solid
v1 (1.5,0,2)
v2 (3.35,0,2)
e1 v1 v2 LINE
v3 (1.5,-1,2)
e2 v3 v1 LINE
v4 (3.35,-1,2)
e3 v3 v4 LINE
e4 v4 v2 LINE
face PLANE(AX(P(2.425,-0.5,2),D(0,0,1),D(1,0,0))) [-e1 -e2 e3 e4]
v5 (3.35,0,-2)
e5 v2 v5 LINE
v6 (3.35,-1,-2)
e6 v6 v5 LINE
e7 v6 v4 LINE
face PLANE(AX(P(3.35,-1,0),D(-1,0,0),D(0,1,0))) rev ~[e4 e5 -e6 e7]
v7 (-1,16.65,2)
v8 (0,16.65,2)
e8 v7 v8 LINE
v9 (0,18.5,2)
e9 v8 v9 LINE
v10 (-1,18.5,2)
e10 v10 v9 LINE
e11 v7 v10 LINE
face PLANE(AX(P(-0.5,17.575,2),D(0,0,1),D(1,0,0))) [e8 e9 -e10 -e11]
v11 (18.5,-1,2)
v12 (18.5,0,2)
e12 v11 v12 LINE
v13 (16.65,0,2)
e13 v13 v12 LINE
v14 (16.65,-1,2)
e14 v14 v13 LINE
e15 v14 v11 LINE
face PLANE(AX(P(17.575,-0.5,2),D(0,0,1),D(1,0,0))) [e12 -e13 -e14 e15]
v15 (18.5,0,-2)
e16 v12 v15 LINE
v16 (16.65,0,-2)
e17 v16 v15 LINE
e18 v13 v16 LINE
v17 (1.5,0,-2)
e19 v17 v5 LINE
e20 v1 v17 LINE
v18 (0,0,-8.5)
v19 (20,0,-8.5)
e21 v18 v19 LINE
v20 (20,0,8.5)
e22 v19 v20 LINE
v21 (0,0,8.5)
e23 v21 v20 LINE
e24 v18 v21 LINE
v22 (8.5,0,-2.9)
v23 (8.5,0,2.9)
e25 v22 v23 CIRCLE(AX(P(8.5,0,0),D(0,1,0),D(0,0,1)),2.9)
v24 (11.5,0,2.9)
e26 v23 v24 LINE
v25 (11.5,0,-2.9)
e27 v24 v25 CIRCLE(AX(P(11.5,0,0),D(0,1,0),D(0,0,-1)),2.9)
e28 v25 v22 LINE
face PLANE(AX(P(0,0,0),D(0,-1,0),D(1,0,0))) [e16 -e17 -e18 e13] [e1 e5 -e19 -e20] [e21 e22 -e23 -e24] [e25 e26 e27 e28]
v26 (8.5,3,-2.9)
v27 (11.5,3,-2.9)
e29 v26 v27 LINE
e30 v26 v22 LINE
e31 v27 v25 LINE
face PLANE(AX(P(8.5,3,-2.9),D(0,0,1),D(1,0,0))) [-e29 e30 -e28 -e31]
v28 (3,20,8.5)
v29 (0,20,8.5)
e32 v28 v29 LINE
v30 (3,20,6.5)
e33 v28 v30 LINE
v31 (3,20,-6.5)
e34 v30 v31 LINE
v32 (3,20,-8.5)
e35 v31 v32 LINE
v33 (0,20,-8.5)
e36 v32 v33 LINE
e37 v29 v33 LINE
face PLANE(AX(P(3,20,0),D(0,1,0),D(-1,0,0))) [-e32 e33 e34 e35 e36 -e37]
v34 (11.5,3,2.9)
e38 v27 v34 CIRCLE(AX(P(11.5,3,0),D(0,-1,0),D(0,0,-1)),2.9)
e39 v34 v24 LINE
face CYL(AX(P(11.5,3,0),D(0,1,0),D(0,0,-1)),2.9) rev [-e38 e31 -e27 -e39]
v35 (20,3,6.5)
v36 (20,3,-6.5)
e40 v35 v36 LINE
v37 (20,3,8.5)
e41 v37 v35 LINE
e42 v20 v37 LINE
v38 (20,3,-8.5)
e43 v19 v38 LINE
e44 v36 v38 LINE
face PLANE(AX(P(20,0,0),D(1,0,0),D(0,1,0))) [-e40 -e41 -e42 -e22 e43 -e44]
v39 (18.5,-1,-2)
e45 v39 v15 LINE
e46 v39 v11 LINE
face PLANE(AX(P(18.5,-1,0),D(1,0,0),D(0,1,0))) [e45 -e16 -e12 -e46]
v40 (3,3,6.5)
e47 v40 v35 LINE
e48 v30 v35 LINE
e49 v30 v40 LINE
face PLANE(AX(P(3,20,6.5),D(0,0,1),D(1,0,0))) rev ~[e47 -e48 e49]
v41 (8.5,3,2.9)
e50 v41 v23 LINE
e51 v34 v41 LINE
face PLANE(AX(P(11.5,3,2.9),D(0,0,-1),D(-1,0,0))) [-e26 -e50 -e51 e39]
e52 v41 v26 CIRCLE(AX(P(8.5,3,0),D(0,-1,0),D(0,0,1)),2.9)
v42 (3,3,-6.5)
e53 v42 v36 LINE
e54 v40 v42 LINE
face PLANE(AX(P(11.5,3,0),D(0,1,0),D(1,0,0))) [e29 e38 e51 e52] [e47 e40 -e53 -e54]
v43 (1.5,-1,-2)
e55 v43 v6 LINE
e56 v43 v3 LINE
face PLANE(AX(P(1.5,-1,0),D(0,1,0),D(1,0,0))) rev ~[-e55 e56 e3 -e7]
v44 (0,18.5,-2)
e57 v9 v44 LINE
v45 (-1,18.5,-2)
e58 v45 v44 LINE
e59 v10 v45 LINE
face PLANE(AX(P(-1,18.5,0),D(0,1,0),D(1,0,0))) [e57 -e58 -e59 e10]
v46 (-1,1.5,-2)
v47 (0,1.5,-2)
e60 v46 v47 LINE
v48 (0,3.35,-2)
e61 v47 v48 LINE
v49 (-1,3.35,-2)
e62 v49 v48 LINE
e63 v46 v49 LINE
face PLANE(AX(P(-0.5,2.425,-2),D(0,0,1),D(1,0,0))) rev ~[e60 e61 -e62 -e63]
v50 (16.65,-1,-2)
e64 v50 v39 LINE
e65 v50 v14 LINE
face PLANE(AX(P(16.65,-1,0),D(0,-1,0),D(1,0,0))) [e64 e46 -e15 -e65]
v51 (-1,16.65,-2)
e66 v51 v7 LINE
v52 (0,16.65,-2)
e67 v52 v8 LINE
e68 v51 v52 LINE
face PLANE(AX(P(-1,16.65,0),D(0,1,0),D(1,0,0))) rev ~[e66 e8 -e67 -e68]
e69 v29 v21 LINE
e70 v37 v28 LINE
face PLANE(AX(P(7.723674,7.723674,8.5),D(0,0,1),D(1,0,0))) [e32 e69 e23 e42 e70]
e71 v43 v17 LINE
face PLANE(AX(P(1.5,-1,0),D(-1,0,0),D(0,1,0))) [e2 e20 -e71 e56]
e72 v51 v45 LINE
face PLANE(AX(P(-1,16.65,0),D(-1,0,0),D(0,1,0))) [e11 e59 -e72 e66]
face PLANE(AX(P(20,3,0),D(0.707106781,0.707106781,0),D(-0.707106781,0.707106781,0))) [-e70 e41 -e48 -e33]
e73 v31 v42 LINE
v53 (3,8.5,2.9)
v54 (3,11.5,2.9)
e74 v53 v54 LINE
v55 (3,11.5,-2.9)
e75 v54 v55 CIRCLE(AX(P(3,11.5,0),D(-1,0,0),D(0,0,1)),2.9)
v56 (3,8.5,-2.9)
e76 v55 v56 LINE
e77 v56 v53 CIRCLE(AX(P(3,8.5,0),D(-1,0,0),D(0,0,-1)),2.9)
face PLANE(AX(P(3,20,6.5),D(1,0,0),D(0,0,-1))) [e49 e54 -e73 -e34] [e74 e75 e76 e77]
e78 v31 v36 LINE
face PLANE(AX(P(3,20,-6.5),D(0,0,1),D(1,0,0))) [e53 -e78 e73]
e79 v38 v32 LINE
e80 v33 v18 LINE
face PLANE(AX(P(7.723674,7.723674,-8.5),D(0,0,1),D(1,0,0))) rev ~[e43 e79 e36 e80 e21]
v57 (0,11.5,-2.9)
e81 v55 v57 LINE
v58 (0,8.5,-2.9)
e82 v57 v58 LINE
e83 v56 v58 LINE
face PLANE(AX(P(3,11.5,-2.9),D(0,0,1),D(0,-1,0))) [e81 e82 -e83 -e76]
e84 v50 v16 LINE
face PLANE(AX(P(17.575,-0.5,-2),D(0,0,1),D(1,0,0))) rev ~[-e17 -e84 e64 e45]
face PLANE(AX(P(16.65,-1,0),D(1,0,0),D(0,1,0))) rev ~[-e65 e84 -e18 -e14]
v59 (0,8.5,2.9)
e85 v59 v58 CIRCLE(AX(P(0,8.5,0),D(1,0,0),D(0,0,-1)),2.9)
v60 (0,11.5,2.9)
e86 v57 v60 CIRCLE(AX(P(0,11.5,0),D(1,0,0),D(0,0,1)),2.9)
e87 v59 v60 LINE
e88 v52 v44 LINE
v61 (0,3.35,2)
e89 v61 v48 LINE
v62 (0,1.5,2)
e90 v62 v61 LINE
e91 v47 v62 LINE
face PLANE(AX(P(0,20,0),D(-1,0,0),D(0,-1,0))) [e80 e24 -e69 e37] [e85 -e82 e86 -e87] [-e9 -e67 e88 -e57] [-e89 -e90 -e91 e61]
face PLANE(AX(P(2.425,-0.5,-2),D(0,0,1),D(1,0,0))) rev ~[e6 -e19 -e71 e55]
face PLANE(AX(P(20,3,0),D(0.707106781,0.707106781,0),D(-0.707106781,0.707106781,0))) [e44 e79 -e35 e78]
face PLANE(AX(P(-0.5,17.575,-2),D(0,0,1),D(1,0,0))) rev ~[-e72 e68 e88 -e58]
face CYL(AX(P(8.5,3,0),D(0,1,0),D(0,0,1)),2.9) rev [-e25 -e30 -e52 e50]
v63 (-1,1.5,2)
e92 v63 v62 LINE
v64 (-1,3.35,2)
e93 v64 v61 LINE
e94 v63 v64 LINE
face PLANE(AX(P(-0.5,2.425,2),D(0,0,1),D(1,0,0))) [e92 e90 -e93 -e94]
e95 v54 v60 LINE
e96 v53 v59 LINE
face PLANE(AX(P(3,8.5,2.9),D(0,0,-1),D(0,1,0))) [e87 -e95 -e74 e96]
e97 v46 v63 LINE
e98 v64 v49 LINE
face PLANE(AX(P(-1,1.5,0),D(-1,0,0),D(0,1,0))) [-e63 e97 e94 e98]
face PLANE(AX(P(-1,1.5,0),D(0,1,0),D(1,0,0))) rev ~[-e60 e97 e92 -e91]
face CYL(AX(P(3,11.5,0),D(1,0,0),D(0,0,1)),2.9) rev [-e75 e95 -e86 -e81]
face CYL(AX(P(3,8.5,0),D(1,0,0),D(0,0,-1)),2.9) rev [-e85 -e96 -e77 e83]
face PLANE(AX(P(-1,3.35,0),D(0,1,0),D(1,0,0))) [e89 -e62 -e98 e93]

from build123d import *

# Parameters (mm, degrees)
BOSS_EXTRUDE1_DEPTH = 8.5
SKETCH2_W           = 17
SKETCH2_H           = 13
CUT_EXTRUDE1_DEPTH  = 17
CUT_EXTRUDE2_REACH  = 5
CUT_EXTRUDE3_DEPTH  = 4
SKETCH6_W           = 1
SKETCH6_H           = 1.85
SKETCH6_W_2         = 1.85
SKETCH6_H_2         = 1
BOSS_EXTRUDE2_DEPTH = 2


with BuildPart() as part:
    # Sketch1 → Boss-Extrude1 (new body, symmetric)
    with BuildSketch(Plane.XY):
        Polygon((0, 20), (0, 0), (20, 0), (20, 3), (3, 20), align=None)
    extrude(amount=BOSS_EXTRUDE1_DEPTH, both=True)

    # Sketch2 → Cut-Extrude1 (cut)
    with BuildSketch(Plane(origin=(0, 20, 0), x_dir=(1, 0, 0), z_dir=(0, 1, 0))):
        with Locations((11.5, 0)):
            Rectangle(SKETCH2_W, SKETCH2_H)
    extrude(amount=-CUT_EXTRUDE1_DEPTH, mode=Mode.SUBTRACT)

    # Sketch3 → Cut-Extrude2 (cut, up to next)
    with BuildSketch(Plane(origin=(3, 0, 0), x_dir=(0, 0, -1), z_dir=(1, 0, 0)), mode=Mode.PRIVATE) as cut_extrude2_sk1:
        with BuildLine():
            Line((-2.9, 8.5), (-2.9, 11.5))
            ThreePointArc((-2.9, 11.5), (0, 14.4), (2.9, 11.5))
            Line((2.9, 11.5), (2.9, 8.5))
            ThreePointArc((2.9, 8.5), (0, 5.6), (-2.9, 8.5))
        make_face()
    cut_extrude2_tool1 = extrude(cut_extrude2_sk1.sketch, amount=-CUT_EXTRUDE2_REACH, mode=Mode.PRIVATE) & part.part
    add(cut_extrude2_tool1.solids().sort_by_distance((3, 10, 0))[0], mode=Mode.SUBTRACT)

    # Sketch5 → Cut-Extrude3 (cut, through all)
    with BuildSketch(Plane(origin=(0, 3, 0), x_dir=(1, 0, 0), z_dir=(0, 1, 0))):
        with BuildLine():
            Line((11.5, -2.9), (8.5, -2.9))
            ThreePointArc((8.5, -2.9), (5.6, 0), (8.5, 2.9))
            Line((8.5, 2.9), (11.5, 2.9))
            ThreePointArc((11.5, 2.9), (14.4, 0), (11.5, -2.9))
        make_face()
    extrude(amount=-CUT_EXTRUDE3_DEPTH, mode=Mode.SUBTRACT)

    # Sketch6 → Boss-Extrude2 (add, symmetric)
    with BuildSketch(Plane.XY):
        with Locations((-0.5, 17.575)):
            Rectangle(SKETCH6_W, SKETCH6_H)
        with Locations((-0.5, 2.425)):
            Rectangle(SKETCH6_W, SKETCH6_H)
        with Locations((2.425, -0.5)):
            Rectangle(SKETCH6_W_2, SKETCH6_H_2)
        with Locations((17.575, -0.5)):
            Rectangle(SKETCH6_W_2, SKETCH6_H_2)
    extrude(amount=BOSS_EXTRUDE2_DEPTH, both=True)


solid = part.part
